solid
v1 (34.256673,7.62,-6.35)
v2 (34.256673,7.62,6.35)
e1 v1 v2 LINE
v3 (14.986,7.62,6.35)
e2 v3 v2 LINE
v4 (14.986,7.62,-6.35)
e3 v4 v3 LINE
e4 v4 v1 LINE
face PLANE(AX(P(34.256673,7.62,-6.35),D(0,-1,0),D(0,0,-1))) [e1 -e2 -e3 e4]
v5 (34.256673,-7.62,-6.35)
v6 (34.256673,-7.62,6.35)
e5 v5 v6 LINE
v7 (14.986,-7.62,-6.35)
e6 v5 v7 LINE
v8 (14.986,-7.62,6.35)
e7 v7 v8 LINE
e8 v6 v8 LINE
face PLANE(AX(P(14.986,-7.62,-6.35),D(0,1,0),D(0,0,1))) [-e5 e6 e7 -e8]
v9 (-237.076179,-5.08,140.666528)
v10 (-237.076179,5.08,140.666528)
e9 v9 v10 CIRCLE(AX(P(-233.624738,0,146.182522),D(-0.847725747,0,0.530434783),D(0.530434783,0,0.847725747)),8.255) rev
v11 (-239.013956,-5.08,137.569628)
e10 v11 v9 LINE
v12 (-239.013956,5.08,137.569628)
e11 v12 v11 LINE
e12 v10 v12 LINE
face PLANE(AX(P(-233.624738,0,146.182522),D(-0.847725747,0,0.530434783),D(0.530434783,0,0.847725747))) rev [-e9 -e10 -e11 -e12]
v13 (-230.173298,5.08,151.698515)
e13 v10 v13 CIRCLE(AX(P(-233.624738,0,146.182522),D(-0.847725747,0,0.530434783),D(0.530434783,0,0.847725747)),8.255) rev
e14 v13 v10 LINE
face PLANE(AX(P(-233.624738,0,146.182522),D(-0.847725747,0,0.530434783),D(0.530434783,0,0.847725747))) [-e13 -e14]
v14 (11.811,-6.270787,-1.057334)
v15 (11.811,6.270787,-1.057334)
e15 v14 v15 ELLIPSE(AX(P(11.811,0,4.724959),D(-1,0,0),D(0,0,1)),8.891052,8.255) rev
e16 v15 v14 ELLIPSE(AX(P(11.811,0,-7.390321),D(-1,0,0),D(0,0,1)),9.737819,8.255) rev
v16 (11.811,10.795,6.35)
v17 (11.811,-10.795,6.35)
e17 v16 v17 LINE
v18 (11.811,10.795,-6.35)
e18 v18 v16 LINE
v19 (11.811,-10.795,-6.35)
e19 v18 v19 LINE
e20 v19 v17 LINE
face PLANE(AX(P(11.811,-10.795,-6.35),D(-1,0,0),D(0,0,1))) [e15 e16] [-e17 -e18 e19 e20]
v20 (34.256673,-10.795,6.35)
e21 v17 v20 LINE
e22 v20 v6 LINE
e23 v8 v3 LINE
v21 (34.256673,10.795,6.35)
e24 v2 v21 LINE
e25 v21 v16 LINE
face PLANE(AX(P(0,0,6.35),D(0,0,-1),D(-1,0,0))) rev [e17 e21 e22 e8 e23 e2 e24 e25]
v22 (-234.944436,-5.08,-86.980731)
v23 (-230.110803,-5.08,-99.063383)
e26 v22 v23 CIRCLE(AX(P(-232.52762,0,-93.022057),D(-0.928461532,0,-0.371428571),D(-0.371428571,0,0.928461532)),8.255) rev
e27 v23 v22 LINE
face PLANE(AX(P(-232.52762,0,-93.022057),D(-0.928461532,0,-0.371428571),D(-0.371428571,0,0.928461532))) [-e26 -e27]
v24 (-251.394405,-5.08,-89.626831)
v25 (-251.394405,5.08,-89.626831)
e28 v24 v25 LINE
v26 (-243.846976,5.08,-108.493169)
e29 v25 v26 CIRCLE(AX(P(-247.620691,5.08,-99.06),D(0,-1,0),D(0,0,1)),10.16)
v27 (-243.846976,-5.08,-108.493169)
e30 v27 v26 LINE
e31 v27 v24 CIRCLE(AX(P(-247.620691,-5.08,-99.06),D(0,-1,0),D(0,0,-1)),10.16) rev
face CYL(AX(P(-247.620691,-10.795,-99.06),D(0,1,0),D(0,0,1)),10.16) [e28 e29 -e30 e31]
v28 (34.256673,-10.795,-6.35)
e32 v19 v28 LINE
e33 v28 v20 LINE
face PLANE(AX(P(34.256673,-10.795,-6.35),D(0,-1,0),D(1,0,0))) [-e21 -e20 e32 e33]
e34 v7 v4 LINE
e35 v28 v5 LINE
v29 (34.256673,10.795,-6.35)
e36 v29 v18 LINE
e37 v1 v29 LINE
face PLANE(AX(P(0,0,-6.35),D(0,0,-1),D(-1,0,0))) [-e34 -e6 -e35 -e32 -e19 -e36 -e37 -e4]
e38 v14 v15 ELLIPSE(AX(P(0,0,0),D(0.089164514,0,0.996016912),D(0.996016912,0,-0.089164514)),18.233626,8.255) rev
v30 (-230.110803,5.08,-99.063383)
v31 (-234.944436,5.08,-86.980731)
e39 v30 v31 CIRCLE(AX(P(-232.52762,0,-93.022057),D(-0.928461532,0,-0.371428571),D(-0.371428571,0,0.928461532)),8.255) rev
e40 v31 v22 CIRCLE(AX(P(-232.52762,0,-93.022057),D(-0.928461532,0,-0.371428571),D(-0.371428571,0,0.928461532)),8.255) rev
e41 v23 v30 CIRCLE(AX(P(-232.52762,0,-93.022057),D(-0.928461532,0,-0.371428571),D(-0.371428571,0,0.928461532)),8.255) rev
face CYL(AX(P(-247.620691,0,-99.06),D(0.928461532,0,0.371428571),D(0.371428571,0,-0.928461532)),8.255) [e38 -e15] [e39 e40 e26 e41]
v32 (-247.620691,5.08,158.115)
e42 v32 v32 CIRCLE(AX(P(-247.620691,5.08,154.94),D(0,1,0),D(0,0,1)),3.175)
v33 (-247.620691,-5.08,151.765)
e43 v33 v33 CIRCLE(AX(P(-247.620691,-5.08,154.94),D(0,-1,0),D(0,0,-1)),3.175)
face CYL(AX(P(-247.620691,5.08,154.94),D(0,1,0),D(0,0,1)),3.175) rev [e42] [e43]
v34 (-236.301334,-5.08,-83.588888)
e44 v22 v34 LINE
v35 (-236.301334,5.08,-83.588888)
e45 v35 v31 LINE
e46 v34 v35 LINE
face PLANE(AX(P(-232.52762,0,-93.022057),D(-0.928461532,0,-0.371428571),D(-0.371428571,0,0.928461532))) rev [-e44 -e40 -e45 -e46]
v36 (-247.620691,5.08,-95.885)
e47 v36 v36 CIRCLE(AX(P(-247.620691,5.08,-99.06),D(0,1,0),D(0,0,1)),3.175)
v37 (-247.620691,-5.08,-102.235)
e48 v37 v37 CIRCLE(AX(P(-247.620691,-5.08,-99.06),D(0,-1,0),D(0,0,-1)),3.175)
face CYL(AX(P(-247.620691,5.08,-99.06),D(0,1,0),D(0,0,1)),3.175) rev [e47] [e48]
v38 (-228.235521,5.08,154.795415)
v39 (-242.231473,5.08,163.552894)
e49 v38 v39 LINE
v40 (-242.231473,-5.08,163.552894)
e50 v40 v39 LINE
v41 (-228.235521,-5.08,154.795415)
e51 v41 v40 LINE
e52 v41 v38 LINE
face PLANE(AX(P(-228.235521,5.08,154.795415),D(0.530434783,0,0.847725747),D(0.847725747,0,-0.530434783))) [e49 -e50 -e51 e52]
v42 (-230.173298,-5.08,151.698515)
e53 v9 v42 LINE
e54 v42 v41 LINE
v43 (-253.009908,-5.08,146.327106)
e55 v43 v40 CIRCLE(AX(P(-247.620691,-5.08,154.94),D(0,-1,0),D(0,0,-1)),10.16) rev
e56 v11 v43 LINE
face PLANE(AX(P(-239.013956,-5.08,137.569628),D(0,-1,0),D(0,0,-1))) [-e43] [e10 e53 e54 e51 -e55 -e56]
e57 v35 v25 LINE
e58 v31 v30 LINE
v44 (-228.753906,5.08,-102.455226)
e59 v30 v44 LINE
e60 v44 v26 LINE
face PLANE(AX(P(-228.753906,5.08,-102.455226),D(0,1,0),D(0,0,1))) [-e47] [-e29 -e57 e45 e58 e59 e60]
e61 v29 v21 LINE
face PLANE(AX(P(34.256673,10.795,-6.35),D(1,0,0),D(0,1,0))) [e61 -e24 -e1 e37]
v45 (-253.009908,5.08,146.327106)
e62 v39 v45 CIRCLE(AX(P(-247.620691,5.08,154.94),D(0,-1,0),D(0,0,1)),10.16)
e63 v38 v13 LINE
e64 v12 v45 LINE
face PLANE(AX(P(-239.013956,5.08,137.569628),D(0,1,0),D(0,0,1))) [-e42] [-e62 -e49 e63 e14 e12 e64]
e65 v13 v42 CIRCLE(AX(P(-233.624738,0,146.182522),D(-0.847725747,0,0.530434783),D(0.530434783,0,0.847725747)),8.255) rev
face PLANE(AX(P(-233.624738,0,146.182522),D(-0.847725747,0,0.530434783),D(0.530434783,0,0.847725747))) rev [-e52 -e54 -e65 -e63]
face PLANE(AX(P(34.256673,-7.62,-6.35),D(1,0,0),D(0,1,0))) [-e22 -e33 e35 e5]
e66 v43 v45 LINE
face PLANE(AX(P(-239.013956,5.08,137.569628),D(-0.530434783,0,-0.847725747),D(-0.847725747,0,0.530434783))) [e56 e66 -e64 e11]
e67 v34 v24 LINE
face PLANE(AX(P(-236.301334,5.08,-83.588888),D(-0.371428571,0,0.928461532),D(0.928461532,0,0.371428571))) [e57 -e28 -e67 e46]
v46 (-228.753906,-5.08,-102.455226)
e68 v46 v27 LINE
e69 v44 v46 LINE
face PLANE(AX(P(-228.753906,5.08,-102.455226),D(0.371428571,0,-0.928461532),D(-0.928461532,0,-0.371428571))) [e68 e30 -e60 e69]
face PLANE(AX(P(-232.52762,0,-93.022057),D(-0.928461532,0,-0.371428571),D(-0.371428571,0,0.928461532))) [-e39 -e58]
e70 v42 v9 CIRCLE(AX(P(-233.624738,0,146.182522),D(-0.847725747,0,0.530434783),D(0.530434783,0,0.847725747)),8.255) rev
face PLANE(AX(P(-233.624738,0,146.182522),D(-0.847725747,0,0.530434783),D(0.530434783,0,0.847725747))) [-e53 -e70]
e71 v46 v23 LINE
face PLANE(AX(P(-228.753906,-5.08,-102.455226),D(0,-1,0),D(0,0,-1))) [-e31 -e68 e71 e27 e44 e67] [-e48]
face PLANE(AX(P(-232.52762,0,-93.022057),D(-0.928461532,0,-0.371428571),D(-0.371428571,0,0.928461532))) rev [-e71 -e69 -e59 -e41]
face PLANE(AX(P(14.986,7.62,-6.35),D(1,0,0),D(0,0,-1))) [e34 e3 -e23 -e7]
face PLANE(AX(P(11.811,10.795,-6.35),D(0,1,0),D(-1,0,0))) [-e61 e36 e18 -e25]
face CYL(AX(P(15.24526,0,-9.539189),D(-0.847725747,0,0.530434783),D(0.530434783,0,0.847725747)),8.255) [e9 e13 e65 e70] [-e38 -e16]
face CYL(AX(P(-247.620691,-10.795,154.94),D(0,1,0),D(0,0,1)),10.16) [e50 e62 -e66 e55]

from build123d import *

# Parameters (mm, degrees)
SKETCH2_R                   = 8.255
BOSS_EXTRUDE1_DEPTH         = 6.35
BOSS_EXTRUDE1_DEPTH_BACK    = 6.35
BOSS_EXTRUDE2_DEPTH         = 10.16
BOSS_EXTRUDE2_DEPTH_BACK    = 16.51
SKETCH4_W                   = 20.32
SKETCH4_H                   = 10.16
BOSS_EXTRUDE3_DEPTH         = 10.16
BOSS_EXTRUDE3_DEPTH_BACK    = 16.256
SKETCH5_W                   = 20.32
SKETCH5_H                   = 10.16
CUT_EXTRUDE1_DEPTH          = 312.833197041
CUT_EXTRUDE2_DEPTH          = 312.833197041
CUT_EXTRUDE3_DEPTH          = 16.51
CUT_EXTRUDE4_START          = -16.256
CUT_EXTRUDE4_DEPTH          = 16.256
CUT_EXTRUDE5_DEPTH          = 303.933951477
E_0_25_DIAMETER_HOLE1_D     = 6.35
E_0_25_DIAMETER_HOLE1_DEPTH = 19.05
E_0_25_DIAMETER_HOLE1_TIP   = 1.907732465


with BuildPart() as part:
    # Sweep1: sweep along a path in Sketch1
    with BuildLine(Plane(origin=(0, 0, 0), x_dir=(1, 0, 0), z_dir=(0, 1, 0))) as sweep1_path:
        Line((-247.620690573, 99.06), (0, 0))
        Line((0, 0), (-247.620690573, -154.94))
    # Sketch2 → Sweep1 (sweep)
    with BuildSketch(Plane(origin=(-247.620690573, 0, 154.94), x_dir=(0.5304347826086957, 0, 0.847725746570709), z_dir=(-0.8477257465707089, 0, 0.5304347826086956))):
        Circle(SKETCH2_R)
    sweep(path=sweep1_path.line, transition=Transition.RIGHT)

    # Sketch3 → Boss-Extrude1 (add, two sides: drawn at the far end of the back side and taken through both)
    with BuildSketch(Plane.XY.offset(-BOSS_EXTRUDE1_DEPTH_BACK)):
        Polygon((34.256672931, -10.795), (11.811, -10.795), (11.811, 10.795), (34.256672931, 10.795), (34.256672931, 7.62), (14.986, 7.62), (14.986, -7.62), (34.256672931, -7.62), align=None)
    extrude(amount=BOSS_EXTRUDE1_DEPTH + BOSS_EXTRUDE1_DEPTH_BACK)

    # Sketch4 → Boss-Extrude2 (add, two sides: drawn at the far end of the back side and taken through both)
    with BuildSketch(Plane(origin=(-247.620690573, 0, 154.94), x_dir=(0.5304347826086958, 0, 0.8477257465707089), z_dir=(-0.847725746570709, 0, 0.5304347826086958)).offset(-BOSS_EXTRUDE2_DEPTH_BACK)):
        Rectangle(SKETCH4_W, SKETCH4_H)
    extrude(amount=BOSS_EXTRUDE2_DEPTH + BOSS_EXTRUDE2_DEPTH_BACK)

    # Sketch5 → Boss-Extrude3 (add, two sides: drawn at the far end of the back side and taken through both)
    with BuildSketch(Plane(origin=(-247.620690573, 0, -99.06), x_dir=(-0.3714285714285716, 0, 0.9284615319583954), z_dir=(-0.9284615319583954, 0, -0.3714285714285716)).offset(-BOSS_EXTRUDE3_DEPTH_BACK)):
        Rectangle(SKETCH5_W, SKETCH5_H)
    extrude(amount=BOSS_EXTRUDE3_DEPTH + BOSS_EXTRUDE3_DEPTH_BACK)

    # Sketch7 → Cut-Extrude1 (cut, through all)
    with BuildSketch(Plane(origin=(0, 5.08, 0), x_dir=(1, 0, 0), z_dir=(0, 1, 0))):
        with BuildLine():
            Line((-257.053859738, 102.833714286), (-260.827574024, 93.400545121))
            Line((-260.827574024, 93.400545121), (-251.394404859, 89.626830835))
            ThreePointArc((-251.394404859, 89.626830835), (-256.959367419, 95.058161077), (-257.053859738, 102.833714286))
        make_face()
    cut_extrude1 = extrude(amount=-CUT_EXTRUDE1_DEPTH, mode=Mode.SUBTRACT)

    # Mirror1: Cut-Extrude1 across plane
    add(cut_extrude1.mirror(Plane(origin=(0, 0, 0), x_dir=(0.9284615319583953, 0, 0.3714285714285718), z_dir=(-0.3714285714285718, 0, 0.9284615319583954))), mode=Mode.SUBTRACT)

    # Sketch9 → Cut-Extrude2 (cut, through all)
    with BuildSketch(Plane(origin=(0, 5.08, 0), x_dir=(1, 0, 0), z_dir=(0, 1, 0))):
        with BuildLine():
            Line((-242.231473182, -163.552893585), (-250.844366767, -168.942110976))
            Line((-250.844366767, -168.942110976), (-256.233584158, -160.329217391))
            ThreePointArc((-256.233584158, -160.329217391), (-249.90017387, -164.840987622), (-242.231473182, -163.552893585))
        make_face()
    cut_extrude2 = extrude(amount=-CUT_EXTRUDE2_DEPTH, mode=Mode.SUBTRACT)

    # Mirror2: Cut-Extrude2 across plane
    add(cut_extrude2.mirror(Plane(origin=(0, 0, 0), x_dir=(-0.8477257465707089, 0, 0.5304347826086955), z_dir=(0.5304347826086959, 0, 0.8477257465707089))), mode=Mode.SUBTRACT)

    # Sketch10 → Cut-Extrude3 (cut)
    with BuildSketch(Plane(origin=(-247.620690573, 0, 154.94), x_dir=(0.5304347826086958, 0, 0.8477257465707089), z_dir=(-0.847725746570709, 0, 0.5304347826086958))):
        with BuildLine():
            Line((6.506813736, -5.08), (-6.506813736, -5.08))
            ThreePointArc((-6.506813736, -5.08), (0, -8.255), (6.506813736, -5.08))
        make_face()
        with BuildLine():
            Line((-6.506813736, 5.08), (6.506813736, 5.08))
            ThreePointArc((6.506813736, 5.08), (0, 8.255), (-6.506813736, 5.08))
        make_face()
    extrude(amount=-CUT_EXTRUDE3_DEPTH, mode=Mode.SUBTRACT)

    # Sketch11 → Cut-Extrude4 (cut)
    with BuildSketch(Plane(origin=(-247.620690573, 0, -99.06), x_dir=(-0.3714285714285716, 0, 0.9284615319583954), z_dir=(-0.9284615319583954, 0, -0.3714285714285716)).offset(CUT_EXTRUDE4_START)):
        with BuildLine():
            Line((6.506813736, -5.08), (-6.506813736, -5.08))
            ThreePointArc((-6.506813736, -5.08), (0, -8.255), (6.506813736, -5.08))
        make_face()
        with BuildLine():
            Line((-6.506813736, 5.08), (6.506813736, 5.08))
            ThreePointArc((6.506813736, 5.08), (0, 8.255), (-6.506813736, 5.08))
        make_face()
    extrude(amount=CUT_EXTRUDE4_DEPTH, mode=Mode.SUBTRACT)

    # Sketch12 → Cut-Extrude5 (cut, through all)
    with BuildSketch(Plane.XY.offset(6.35)):
        with BuildLine():
            Line((14.986, 4.663063163), (14.986, -4.663063163))
            add(Edge.make_bspline(
                [(14.986, -4.663063163), (22.008669492, 0), (14.986, 4.663063163)],
                knots=[5.682900603, 5.682900603, 5.682900603, 6.883470012, 6.883470012, 6.883470012], degree=2, weights=[1, 0.825174825, 1]))
        make_face()
    extrude(amount=-CUT_EXTRUDE5_DEPTH, mode=Mode.SUBTRACT)

    # E (0.25) Diameter Hole1
    with Locations(Plane(origin=(-247.620690573, 5.08, -99.06), x_dir=(0, 0, 1), z_dir=(0, 1, 0))):
        with Locations((0, 0), (254, 0)):
            Hole(E_0_25_DIAMETER_HOLE1_D / 2, depth=E_0_25_DIAMETER_HOLE1_DEPTH)
            with Locations((0, 0, -(E_0_25_DIAMETER_HOLE1_DEPTH + E_0_25_DIAMETER_HOLE1_TIP / 2))):  # 118° drill point
                Cone(0, E_0_25_DIAMETER_HOLE1_D / 2, E_0_25_DIAMETER_HOLE1_TIP, mode=Mode.SUBTRACT)


solid = part.part
